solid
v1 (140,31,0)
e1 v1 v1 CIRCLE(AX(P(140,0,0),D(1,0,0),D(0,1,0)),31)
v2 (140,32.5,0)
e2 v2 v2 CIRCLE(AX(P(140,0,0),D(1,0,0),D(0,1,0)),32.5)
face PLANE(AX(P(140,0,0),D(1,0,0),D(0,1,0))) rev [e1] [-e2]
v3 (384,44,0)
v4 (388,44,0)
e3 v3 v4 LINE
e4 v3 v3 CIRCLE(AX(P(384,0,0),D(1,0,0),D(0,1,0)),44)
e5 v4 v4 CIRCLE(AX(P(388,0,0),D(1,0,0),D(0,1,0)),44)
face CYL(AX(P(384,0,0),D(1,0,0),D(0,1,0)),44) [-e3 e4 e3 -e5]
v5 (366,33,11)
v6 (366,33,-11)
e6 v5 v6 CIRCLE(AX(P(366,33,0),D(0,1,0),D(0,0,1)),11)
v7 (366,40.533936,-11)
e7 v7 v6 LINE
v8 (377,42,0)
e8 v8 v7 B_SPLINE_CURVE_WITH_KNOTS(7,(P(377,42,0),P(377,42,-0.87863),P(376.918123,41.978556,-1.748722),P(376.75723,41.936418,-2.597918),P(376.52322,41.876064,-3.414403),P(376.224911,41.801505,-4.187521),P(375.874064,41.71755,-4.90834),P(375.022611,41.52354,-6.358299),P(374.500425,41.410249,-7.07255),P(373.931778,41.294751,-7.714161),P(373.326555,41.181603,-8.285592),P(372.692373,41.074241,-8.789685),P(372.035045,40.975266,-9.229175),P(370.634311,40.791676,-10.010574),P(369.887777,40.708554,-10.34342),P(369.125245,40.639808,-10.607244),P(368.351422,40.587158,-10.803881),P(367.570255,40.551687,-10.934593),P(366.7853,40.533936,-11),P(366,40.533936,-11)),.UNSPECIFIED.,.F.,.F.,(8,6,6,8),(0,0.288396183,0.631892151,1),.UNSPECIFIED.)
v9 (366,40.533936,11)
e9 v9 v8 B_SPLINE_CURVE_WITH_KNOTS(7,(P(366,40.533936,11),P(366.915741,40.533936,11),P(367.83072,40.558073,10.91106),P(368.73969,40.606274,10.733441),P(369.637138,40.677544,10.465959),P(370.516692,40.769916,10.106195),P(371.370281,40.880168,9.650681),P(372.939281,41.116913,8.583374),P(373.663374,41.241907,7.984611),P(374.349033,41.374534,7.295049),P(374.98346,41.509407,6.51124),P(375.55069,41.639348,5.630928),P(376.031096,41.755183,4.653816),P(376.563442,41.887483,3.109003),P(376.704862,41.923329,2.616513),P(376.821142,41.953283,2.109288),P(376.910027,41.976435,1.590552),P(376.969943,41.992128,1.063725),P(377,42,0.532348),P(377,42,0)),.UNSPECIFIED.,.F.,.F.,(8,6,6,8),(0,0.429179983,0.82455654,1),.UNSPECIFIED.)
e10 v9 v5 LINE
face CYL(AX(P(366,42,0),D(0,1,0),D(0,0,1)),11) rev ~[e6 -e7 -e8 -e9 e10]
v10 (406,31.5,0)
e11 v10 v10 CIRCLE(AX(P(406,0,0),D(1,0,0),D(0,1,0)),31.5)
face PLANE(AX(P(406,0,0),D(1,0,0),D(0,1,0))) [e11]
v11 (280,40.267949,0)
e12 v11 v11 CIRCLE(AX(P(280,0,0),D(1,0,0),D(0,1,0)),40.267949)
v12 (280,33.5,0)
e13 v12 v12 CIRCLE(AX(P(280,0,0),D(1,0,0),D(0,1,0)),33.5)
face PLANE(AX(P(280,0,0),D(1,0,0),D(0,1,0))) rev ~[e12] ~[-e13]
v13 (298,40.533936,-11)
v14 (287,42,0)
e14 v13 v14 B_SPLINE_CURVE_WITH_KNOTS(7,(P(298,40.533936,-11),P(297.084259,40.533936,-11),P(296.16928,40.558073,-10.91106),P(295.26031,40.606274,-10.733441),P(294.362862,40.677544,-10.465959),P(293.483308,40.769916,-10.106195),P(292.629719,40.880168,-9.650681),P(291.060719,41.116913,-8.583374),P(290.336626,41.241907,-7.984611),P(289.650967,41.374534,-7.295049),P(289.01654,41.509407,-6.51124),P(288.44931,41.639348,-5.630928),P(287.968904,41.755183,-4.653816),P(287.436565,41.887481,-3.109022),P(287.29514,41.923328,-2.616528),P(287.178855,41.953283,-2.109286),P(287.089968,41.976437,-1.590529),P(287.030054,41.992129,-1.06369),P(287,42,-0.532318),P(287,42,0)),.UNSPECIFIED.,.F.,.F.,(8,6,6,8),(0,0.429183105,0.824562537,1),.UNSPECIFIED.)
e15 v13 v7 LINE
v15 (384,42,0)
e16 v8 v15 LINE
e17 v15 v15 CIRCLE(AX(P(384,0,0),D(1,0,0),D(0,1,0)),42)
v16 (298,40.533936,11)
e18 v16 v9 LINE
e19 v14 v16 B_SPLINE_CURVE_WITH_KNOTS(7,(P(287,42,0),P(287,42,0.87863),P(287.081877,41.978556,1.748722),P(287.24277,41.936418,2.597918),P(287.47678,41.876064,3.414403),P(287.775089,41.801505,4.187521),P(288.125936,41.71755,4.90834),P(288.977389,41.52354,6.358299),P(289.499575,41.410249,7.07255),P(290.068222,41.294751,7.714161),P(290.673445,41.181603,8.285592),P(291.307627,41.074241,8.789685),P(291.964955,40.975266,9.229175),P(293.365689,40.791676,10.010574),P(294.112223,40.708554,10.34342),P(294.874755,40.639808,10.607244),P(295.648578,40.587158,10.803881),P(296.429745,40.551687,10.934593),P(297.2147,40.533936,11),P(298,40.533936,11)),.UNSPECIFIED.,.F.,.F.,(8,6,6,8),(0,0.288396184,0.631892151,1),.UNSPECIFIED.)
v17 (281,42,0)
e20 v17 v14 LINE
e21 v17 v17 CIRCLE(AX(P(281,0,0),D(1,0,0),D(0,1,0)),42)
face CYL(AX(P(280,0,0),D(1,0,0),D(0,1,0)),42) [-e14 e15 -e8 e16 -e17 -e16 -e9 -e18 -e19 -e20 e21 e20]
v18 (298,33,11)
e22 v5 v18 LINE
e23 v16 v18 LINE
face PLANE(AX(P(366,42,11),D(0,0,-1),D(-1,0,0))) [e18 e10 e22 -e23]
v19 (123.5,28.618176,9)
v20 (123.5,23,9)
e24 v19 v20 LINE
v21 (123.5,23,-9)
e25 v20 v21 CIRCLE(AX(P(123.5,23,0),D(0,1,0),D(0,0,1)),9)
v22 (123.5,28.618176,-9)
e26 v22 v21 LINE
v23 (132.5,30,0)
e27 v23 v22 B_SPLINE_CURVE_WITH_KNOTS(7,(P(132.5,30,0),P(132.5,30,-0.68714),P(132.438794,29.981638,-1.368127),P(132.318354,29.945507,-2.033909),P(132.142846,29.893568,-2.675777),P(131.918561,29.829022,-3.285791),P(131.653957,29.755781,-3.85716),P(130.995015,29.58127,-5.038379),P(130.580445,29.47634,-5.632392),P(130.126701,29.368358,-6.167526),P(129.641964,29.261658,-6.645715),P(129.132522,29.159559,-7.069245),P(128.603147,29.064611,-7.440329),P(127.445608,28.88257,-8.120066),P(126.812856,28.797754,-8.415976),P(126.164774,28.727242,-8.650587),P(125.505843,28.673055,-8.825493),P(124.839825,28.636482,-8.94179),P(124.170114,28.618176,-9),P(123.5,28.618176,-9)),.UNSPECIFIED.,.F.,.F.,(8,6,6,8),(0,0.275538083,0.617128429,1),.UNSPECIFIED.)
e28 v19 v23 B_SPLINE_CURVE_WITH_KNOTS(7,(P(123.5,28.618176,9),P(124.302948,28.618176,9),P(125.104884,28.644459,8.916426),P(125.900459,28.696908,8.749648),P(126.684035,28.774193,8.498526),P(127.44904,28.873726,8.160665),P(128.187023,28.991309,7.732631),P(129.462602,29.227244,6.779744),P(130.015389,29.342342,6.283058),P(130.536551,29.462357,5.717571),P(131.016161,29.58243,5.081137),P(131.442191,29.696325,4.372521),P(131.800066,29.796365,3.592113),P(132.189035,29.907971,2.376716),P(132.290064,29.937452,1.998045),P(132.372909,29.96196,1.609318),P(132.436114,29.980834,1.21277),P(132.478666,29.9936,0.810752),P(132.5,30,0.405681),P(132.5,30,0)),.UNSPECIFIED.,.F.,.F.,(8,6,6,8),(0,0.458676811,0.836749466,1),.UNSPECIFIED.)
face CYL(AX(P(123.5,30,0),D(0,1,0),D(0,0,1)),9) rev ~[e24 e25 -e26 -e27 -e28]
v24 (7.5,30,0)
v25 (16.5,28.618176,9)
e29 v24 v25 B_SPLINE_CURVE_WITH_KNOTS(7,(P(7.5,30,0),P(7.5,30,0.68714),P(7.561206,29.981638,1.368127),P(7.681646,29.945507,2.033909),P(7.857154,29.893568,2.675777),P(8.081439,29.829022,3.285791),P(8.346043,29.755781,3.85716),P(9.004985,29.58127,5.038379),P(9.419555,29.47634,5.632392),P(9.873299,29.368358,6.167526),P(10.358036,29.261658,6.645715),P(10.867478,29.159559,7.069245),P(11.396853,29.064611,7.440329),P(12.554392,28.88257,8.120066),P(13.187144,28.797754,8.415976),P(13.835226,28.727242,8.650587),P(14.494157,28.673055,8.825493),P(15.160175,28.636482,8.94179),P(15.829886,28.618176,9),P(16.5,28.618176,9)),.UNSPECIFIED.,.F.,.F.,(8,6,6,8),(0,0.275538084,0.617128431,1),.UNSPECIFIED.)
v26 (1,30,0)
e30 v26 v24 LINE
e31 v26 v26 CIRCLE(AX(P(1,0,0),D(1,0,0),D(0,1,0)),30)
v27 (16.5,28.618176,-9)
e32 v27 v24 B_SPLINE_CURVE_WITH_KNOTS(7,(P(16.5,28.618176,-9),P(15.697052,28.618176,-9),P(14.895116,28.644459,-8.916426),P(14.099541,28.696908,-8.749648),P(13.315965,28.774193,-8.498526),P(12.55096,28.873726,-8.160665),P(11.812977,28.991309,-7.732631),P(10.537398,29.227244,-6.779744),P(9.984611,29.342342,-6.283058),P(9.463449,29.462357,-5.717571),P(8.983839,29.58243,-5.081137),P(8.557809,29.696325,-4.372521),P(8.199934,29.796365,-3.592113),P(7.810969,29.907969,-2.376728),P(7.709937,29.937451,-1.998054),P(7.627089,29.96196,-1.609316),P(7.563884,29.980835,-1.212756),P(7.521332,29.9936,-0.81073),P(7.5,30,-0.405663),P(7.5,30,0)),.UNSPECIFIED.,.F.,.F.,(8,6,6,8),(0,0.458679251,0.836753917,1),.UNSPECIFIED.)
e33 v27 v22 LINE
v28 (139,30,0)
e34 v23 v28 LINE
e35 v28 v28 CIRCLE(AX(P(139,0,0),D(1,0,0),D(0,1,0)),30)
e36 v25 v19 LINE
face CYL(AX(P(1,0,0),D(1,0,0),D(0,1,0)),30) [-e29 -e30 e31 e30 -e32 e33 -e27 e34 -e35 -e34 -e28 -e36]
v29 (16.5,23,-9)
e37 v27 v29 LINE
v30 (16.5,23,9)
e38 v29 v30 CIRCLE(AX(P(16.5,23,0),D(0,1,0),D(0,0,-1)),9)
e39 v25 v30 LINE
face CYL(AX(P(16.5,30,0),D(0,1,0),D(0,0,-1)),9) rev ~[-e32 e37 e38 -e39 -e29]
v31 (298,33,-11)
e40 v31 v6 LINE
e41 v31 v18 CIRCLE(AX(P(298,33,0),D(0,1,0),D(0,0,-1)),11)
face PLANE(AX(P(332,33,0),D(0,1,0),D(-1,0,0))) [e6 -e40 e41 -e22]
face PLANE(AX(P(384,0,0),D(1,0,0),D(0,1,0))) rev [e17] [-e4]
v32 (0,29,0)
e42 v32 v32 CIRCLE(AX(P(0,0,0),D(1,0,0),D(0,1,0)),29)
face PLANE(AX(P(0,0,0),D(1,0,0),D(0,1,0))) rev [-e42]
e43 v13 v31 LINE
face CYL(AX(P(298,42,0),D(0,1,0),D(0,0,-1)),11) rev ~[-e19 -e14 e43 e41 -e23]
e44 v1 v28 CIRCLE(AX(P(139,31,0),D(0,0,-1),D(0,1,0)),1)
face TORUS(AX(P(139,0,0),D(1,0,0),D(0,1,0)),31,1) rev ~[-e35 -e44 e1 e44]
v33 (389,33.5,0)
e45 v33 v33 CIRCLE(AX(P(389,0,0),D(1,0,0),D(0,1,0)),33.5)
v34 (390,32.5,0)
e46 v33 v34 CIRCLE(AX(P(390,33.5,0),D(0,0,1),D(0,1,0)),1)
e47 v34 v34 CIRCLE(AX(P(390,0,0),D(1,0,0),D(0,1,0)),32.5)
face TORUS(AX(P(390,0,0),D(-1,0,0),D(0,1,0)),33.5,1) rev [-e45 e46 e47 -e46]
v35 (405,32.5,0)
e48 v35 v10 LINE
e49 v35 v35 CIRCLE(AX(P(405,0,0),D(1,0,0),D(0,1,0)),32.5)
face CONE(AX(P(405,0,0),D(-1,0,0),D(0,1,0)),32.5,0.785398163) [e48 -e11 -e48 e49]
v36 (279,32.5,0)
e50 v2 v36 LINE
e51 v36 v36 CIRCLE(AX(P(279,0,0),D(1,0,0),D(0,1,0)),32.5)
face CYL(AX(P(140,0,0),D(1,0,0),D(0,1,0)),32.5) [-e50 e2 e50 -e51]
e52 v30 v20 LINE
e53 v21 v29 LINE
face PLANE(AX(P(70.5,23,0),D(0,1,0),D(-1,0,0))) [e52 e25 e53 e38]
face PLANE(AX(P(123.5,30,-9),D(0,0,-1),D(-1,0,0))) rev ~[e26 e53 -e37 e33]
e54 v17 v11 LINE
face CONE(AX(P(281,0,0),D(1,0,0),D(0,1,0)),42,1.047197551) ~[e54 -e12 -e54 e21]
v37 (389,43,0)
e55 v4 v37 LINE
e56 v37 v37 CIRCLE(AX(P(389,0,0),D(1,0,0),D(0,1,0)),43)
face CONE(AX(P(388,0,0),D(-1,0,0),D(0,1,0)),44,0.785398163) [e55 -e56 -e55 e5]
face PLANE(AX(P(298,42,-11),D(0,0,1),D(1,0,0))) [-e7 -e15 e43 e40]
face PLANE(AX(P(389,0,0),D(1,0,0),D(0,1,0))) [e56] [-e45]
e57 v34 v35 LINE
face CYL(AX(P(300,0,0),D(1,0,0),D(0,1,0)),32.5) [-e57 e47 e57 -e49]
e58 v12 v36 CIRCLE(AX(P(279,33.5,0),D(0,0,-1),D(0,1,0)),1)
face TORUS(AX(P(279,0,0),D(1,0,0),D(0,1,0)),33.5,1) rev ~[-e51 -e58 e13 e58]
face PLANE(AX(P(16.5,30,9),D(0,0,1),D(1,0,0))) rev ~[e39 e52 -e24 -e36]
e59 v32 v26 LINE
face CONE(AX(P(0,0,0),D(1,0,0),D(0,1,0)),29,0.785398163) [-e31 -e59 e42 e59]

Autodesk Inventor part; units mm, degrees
ref_plane "YZ Plane" through (0, 0, 0) normal (1, 0, 0) x (0, 1, 0)
sketch "Sketch1" plane through (0, 0, 0) normal (0, 0, 1) x (1, 0, 0)
  point P0 (0, 0)
sketch "Sketch2" plane through (0, 0, 0) normal (0, 0, 1) x (1, 0, 0)
  line L0 (0, 0) -> (0, 29)
  line L1 (1, 30) -> (140, 30)
  line L2 (140, 30) -> (140, 32.5)
  line L3 (140, 32.5) -> (175, 32.5)
  line L4 (280, 37.5) -> (280, 42)
  line L5 (280, 42) -> (384, 42)
  line L6 (384, 42) -> (384, 44)
  line L7 (384, 44) -> (389, 44)
  line L8 (389, 44) -> (389, 39.5)
  line L9 (300, 32.5) -> (405, 32.5)
  line L10 (406, 31.5) -> (406, 0)
  line L11 (406, 0) -> (0, 0)
  line L12 (0, 29) -> (1, 30)
  line L13 (405, 32.5) -> (406, 31.5)
  line L14 (-81.2, 0) -> (487.2, 0) projected
  line L15 (389, 39.5) -> (389, 32.5)
  line L16 (389, 32.5) -> (300, 32.5)
  line L17 (280, 37.5) -> (280, 32.5)
  line L18 (280, 32.5) -> (175, 32.5)
  point P0 (0, 30)
  point P1 (406, 32.5)
  dimension "d0" = 30
  dimension "d1" = 140
  dimension "d2" = 32.5
  dimension "d3" = 140
  dimension "d4" = 104
  dimension "d5" = 5
  dimension "d6" = 17
  dimension "d7" = 32.5
  dimension "d8" = 42
  dimension "d9" = 2
  dimension "d10" = 1
  dimension "d11" = 45
  dimension "d12" = 1
  dimension "d13" = 45
revolve "Revolution1" add sketch "Sketch2" angle 360 about axis through (-10, 0, 0) along (1, 0, 0)
ref_plane "Work Plane1" through (70.5, 30, 0) normal (0, 1, 0) x (-1, 0, 0)
ref_plane "Work Plane2" through (332, 42, 0) normal (0, 1, 0) x (-1, 0, 0)
sketch "Sketch3" plane through (70.5, 30, 0) normal (0, 1, 0) x (-1, 0, 0)
  line L0 (54, 0) -> (-53, 0) construction
  line L1 (54, 9) -> (-53, 9)
  line L2 (-53, -9) -> (54, -9)
  arc A0 (54, -9) -> (54, 9) centre (54, 0) ccw
  arc A1 (-53, 9) -> (-53, -9) centre (-53, 0) ccw
  line L3 (-69.5, 32.5) -> (-69.5, -32.5) projected
  line L4 (0.5, -9) -> (0.5, 9) construction
  line L5 (70.5, 0) -> (-69.5, 0) construction
  line L6 (0.5, 0) -> (0.5, 9) construction
  line L7 (70.5, 29) -> (70.5, -29) construction
  point P0 (0.5, 0)
  dimension "d16" = 125
  dimension "d18" = 9
  dimension "d30" = 7.5
  dimension "d31" = 7.5
extrude "Extrusion1" cut sketch "Sketch3" against normal blind 7
sketch "Sketch4" plane through (332, 42, 0) normal (0, 1, 0) x (-1, 0, 0)
  line L0 (34, 0) -> (-34, 0) construction
  line L1 (34, -11) -> (-34, -11)
  line L2 (-34, 11) -> (34, 11)
  arc A0 (34, -11) -> (34, 11) centre (34, 0) ccw
  arc A1 (-34, 11) -> (-34, -11) centre (-34, 0) ccw
  line L3 (-52, 44) -> (-52, -44) projected
  line L4 (52, 42) -> (52, -42) projected
  line L5 (52, 42) -> (52, -42) construction
  line L6 (-52, 42) -> (-52, -42) construction
  line L7 (413.8, 0) -> (-155.3, 0) construction
  line L8 (-52, 0) -> (52, 0) construction
  line L9 (0, 11) -> (0, -11) construction
  line L10 (52, 42) -> (-52, 42) construction
  line L11 (0, 42) -> (0, -42) construction
  point P0 (332, 0)
  point P1 (0, 0)
  point P2 (0, 0)
  dimension "d22" = 11
  dimension "d32" = 90
extrude "Extrusion2" cut sketch "Sketch4" against normal blind 9
chamfer "Chamfer1" distance 1 angle 45 1 edges at (389, -44, 0) measured on face at (389, 1.3058, -39.927)
chamfer "Chamfer2" distance 1 angle 60 1 edges at (280, -42, 0) measured on face at (349.3333, 24.8095, 33.8893)
fillet "Fillet1" radius 1 1 edges at (280, -32.5, 0)
fillet "Fillet2" radius 1 1 edges at (140, -30, 0)
fillet "Fillet3" radius 1 1 edges at (389, -32.5, 0)
equation "\"d7\" = d2"
equation "\"d12\" = d10"
equation "\"d13\" = d11"
properties part number "GonjenoVratilo" material "Steel, Carbon"
